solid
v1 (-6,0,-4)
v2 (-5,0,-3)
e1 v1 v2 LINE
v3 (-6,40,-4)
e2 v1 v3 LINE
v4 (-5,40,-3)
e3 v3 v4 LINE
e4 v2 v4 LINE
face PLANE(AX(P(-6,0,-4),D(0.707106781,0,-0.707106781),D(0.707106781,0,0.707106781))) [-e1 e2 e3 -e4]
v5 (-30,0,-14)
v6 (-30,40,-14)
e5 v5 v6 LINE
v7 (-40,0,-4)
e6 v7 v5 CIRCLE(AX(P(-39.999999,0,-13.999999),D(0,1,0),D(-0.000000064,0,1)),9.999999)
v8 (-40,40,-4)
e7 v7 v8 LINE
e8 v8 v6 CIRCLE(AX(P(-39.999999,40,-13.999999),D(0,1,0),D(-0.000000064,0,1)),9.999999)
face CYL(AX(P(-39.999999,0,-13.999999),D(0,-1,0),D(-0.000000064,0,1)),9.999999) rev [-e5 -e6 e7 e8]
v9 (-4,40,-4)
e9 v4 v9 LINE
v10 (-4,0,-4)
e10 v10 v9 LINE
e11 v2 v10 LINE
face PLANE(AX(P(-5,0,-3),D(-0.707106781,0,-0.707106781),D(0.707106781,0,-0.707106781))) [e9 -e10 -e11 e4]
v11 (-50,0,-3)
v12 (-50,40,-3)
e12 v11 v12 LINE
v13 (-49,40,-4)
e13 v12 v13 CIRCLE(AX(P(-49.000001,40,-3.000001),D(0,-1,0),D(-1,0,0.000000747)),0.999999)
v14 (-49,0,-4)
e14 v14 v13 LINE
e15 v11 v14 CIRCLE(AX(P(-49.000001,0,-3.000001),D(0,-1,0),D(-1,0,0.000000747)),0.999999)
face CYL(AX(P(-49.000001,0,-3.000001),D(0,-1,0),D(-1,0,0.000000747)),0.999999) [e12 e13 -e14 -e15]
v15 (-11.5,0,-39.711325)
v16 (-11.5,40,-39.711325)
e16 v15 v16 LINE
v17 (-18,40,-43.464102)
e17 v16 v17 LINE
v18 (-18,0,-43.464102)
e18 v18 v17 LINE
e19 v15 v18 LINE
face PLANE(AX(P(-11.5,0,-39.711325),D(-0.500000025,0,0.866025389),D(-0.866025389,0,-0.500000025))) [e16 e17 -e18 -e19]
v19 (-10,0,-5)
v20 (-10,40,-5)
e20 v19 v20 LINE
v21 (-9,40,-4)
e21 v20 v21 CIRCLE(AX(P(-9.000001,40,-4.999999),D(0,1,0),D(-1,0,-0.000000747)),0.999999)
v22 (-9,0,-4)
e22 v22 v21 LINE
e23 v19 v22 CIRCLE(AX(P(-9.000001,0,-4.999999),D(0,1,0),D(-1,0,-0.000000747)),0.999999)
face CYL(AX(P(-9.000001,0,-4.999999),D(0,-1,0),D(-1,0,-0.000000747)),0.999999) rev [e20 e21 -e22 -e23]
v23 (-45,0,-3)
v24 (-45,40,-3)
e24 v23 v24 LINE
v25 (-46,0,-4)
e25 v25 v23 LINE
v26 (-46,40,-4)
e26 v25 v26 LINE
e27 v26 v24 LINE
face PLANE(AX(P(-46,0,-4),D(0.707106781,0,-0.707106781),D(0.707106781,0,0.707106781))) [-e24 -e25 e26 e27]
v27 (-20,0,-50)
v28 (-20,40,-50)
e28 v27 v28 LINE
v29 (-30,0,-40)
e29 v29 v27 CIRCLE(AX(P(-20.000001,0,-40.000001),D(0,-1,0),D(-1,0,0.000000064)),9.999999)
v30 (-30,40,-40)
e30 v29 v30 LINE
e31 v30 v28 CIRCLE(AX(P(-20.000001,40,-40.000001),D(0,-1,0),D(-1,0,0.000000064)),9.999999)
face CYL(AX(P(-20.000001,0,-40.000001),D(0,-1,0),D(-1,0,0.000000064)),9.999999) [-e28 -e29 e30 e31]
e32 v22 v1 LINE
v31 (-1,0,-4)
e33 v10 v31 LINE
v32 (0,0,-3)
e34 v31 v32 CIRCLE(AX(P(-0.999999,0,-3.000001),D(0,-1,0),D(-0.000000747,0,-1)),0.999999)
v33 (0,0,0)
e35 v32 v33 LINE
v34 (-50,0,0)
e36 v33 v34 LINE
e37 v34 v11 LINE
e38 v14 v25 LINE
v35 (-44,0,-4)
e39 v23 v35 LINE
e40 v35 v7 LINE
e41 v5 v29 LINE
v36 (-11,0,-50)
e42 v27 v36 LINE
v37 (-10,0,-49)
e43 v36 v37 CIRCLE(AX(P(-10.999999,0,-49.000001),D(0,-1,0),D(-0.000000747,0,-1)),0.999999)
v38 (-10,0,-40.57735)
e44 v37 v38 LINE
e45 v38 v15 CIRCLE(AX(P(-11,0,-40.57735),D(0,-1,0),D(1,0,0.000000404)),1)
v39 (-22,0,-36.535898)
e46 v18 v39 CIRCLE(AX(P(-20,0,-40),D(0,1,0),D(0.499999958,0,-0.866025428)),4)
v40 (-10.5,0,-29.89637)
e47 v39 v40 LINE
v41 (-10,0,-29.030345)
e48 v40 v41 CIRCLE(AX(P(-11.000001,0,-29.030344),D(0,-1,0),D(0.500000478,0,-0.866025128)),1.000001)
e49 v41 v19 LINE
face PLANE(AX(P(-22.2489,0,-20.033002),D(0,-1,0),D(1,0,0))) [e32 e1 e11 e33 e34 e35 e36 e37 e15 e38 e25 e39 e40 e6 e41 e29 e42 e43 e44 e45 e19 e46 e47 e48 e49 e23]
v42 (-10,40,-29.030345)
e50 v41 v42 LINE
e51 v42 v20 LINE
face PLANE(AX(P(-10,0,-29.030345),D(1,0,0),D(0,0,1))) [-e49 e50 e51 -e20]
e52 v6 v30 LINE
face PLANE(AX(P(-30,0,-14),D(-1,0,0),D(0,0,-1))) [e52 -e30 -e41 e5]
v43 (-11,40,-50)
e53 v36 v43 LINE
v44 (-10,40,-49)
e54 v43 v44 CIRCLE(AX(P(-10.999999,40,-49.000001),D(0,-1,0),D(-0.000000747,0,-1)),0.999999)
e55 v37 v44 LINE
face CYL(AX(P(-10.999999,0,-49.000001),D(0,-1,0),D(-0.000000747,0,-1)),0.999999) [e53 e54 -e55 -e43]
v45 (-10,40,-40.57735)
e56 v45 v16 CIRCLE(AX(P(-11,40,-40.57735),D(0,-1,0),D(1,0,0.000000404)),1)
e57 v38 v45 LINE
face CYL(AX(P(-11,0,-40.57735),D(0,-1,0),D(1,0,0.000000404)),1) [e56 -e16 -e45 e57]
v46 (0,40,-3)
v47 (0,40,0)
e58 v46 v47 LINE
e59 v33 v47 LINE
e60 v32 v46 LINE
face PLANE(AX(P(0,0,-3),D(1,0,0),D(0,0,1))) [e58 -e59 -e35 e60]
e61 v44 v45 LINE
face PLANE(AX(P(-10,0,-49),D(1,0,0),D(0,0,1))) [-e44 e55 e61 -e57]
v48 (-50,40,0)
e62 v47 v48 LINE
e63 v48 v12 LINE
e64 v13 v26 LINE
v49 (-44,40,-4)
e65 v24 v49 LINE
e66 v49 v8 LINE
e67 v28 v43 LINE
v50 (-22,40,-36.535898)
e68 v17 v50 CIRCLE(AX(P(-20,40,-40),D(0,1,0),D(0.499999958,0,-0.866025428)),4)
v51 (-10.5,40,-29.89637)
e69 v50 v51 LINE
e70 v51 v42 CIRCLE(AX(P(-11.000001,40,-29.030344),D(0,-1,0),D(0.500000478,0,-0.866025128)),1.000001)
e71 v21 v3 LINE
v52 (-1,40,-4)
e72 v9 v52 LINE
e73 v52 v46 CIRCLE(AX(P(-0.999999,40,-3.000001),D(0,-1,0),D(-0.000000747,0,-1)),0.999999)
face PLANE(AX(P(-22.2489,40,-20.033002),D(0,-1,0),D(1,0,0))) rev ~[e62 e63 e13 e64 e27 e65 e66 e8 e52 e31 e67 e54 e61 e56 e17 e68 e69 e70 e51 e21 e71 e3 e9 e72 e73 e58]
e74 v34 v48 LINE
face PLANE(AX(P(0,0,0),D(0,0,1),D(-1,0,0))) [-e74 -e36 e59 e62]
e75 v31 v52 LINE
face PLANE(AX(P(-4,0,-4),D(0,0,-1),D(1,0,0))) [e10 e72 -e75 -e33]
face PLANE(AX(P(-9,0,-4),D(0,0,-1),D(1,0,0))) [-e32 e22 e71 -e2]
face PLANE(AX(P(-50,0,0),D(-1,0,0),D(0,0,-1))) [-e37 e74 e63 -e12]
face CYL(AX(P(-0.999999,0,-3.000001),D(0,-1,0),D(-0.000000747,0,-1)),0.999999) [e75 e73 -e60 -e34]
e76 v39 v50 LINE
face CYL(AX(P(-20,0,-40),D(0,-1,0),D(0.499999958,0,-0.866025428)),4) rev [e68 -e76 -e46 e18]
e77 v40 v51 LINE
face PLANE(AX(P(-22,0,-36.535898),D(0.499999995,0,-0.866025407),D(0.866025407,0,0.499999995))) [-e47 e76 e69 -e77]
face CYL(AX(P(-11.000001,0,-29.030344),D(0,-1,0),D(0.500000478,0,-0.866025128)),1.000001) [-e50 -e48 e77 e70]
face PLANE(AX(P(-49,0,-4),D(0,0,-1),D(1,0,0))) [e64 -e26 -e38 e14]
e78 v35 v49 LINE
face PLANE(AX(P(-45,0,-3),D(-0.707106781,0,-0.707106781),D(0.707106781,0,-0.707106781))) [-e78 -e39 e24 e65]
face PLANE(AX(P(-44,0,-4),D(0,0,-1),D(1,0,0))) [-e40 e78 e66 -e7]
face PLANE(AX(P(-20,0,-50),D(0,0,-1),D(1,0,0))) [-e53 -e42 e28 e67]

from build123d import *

# Parameters (mm, degrees)
F1_DEPTH = 40


with BuildPart() as f1:
    # F0 (on Front) → F1 (new body)
    with BuildSketch(Plane.XZ):
        with BuildLine():
            Line((0, 0), (-50, 0))
            Line((-50, 0), (-50, -3))
            ThreePointArc((-50, -3), (-49.707107, -3.707107), (-49, -4))
            Line((-49, -4), (-46, -4))
            Line((-46, -4), (-45, -3))
            Line((-45, -3), (-44, -4))
            Line((-44, -4), (-40, -4))
            ThreePointArc((-40, -4), (-32.928932, -6.928932), (-30, -14))
            Line((-30, -14), (-30, -40))
            ThreePointArc((-30, -40), (-27.071068, -47.071068), (-20, -50))
            Line((-20, -50), (-11, -50))
            ThreePointArc((-11, -50), (-10.292893, -49.707107), (-10, -49))
            Line((-10, -49), (-10, -40.57735))
            ThreePointArc((-10, -40.57735), (-10.5, -39.711325), (-11.5, -39.711325))
            Line((-11.5, -39.711325), (-18, -43.464102))
            ThreePointArc((-18, -43.464102), (-23.464102, -42), (-22, -36.535898))
            Line((-22, -36.535898), (-10.5, -29.89637))
            ThreePointArc((-10.5, -29.89637), (-10.133975, -29.530345), (-10, -29.030345))
            Line((-10, -29.030345), (-10, -5))
            ThreePointArc((-10, -5), (-9.707107, -4.292893), (-9, -4))
            Line((-9, -4), (-6, -4))
            Line((-6, -4), (-5, -3))
            Line((-5, -3), (-4, -4))
            Line((-4, -4), (-1, -4))
            ThreePointArc((-1, -4), (-0.292893, -3.707107), (0, -3))
            Line((0, -3), (0, 0))
        make_face()
    extrude(amount=-F1_DEPTH)


solid = f1.part
